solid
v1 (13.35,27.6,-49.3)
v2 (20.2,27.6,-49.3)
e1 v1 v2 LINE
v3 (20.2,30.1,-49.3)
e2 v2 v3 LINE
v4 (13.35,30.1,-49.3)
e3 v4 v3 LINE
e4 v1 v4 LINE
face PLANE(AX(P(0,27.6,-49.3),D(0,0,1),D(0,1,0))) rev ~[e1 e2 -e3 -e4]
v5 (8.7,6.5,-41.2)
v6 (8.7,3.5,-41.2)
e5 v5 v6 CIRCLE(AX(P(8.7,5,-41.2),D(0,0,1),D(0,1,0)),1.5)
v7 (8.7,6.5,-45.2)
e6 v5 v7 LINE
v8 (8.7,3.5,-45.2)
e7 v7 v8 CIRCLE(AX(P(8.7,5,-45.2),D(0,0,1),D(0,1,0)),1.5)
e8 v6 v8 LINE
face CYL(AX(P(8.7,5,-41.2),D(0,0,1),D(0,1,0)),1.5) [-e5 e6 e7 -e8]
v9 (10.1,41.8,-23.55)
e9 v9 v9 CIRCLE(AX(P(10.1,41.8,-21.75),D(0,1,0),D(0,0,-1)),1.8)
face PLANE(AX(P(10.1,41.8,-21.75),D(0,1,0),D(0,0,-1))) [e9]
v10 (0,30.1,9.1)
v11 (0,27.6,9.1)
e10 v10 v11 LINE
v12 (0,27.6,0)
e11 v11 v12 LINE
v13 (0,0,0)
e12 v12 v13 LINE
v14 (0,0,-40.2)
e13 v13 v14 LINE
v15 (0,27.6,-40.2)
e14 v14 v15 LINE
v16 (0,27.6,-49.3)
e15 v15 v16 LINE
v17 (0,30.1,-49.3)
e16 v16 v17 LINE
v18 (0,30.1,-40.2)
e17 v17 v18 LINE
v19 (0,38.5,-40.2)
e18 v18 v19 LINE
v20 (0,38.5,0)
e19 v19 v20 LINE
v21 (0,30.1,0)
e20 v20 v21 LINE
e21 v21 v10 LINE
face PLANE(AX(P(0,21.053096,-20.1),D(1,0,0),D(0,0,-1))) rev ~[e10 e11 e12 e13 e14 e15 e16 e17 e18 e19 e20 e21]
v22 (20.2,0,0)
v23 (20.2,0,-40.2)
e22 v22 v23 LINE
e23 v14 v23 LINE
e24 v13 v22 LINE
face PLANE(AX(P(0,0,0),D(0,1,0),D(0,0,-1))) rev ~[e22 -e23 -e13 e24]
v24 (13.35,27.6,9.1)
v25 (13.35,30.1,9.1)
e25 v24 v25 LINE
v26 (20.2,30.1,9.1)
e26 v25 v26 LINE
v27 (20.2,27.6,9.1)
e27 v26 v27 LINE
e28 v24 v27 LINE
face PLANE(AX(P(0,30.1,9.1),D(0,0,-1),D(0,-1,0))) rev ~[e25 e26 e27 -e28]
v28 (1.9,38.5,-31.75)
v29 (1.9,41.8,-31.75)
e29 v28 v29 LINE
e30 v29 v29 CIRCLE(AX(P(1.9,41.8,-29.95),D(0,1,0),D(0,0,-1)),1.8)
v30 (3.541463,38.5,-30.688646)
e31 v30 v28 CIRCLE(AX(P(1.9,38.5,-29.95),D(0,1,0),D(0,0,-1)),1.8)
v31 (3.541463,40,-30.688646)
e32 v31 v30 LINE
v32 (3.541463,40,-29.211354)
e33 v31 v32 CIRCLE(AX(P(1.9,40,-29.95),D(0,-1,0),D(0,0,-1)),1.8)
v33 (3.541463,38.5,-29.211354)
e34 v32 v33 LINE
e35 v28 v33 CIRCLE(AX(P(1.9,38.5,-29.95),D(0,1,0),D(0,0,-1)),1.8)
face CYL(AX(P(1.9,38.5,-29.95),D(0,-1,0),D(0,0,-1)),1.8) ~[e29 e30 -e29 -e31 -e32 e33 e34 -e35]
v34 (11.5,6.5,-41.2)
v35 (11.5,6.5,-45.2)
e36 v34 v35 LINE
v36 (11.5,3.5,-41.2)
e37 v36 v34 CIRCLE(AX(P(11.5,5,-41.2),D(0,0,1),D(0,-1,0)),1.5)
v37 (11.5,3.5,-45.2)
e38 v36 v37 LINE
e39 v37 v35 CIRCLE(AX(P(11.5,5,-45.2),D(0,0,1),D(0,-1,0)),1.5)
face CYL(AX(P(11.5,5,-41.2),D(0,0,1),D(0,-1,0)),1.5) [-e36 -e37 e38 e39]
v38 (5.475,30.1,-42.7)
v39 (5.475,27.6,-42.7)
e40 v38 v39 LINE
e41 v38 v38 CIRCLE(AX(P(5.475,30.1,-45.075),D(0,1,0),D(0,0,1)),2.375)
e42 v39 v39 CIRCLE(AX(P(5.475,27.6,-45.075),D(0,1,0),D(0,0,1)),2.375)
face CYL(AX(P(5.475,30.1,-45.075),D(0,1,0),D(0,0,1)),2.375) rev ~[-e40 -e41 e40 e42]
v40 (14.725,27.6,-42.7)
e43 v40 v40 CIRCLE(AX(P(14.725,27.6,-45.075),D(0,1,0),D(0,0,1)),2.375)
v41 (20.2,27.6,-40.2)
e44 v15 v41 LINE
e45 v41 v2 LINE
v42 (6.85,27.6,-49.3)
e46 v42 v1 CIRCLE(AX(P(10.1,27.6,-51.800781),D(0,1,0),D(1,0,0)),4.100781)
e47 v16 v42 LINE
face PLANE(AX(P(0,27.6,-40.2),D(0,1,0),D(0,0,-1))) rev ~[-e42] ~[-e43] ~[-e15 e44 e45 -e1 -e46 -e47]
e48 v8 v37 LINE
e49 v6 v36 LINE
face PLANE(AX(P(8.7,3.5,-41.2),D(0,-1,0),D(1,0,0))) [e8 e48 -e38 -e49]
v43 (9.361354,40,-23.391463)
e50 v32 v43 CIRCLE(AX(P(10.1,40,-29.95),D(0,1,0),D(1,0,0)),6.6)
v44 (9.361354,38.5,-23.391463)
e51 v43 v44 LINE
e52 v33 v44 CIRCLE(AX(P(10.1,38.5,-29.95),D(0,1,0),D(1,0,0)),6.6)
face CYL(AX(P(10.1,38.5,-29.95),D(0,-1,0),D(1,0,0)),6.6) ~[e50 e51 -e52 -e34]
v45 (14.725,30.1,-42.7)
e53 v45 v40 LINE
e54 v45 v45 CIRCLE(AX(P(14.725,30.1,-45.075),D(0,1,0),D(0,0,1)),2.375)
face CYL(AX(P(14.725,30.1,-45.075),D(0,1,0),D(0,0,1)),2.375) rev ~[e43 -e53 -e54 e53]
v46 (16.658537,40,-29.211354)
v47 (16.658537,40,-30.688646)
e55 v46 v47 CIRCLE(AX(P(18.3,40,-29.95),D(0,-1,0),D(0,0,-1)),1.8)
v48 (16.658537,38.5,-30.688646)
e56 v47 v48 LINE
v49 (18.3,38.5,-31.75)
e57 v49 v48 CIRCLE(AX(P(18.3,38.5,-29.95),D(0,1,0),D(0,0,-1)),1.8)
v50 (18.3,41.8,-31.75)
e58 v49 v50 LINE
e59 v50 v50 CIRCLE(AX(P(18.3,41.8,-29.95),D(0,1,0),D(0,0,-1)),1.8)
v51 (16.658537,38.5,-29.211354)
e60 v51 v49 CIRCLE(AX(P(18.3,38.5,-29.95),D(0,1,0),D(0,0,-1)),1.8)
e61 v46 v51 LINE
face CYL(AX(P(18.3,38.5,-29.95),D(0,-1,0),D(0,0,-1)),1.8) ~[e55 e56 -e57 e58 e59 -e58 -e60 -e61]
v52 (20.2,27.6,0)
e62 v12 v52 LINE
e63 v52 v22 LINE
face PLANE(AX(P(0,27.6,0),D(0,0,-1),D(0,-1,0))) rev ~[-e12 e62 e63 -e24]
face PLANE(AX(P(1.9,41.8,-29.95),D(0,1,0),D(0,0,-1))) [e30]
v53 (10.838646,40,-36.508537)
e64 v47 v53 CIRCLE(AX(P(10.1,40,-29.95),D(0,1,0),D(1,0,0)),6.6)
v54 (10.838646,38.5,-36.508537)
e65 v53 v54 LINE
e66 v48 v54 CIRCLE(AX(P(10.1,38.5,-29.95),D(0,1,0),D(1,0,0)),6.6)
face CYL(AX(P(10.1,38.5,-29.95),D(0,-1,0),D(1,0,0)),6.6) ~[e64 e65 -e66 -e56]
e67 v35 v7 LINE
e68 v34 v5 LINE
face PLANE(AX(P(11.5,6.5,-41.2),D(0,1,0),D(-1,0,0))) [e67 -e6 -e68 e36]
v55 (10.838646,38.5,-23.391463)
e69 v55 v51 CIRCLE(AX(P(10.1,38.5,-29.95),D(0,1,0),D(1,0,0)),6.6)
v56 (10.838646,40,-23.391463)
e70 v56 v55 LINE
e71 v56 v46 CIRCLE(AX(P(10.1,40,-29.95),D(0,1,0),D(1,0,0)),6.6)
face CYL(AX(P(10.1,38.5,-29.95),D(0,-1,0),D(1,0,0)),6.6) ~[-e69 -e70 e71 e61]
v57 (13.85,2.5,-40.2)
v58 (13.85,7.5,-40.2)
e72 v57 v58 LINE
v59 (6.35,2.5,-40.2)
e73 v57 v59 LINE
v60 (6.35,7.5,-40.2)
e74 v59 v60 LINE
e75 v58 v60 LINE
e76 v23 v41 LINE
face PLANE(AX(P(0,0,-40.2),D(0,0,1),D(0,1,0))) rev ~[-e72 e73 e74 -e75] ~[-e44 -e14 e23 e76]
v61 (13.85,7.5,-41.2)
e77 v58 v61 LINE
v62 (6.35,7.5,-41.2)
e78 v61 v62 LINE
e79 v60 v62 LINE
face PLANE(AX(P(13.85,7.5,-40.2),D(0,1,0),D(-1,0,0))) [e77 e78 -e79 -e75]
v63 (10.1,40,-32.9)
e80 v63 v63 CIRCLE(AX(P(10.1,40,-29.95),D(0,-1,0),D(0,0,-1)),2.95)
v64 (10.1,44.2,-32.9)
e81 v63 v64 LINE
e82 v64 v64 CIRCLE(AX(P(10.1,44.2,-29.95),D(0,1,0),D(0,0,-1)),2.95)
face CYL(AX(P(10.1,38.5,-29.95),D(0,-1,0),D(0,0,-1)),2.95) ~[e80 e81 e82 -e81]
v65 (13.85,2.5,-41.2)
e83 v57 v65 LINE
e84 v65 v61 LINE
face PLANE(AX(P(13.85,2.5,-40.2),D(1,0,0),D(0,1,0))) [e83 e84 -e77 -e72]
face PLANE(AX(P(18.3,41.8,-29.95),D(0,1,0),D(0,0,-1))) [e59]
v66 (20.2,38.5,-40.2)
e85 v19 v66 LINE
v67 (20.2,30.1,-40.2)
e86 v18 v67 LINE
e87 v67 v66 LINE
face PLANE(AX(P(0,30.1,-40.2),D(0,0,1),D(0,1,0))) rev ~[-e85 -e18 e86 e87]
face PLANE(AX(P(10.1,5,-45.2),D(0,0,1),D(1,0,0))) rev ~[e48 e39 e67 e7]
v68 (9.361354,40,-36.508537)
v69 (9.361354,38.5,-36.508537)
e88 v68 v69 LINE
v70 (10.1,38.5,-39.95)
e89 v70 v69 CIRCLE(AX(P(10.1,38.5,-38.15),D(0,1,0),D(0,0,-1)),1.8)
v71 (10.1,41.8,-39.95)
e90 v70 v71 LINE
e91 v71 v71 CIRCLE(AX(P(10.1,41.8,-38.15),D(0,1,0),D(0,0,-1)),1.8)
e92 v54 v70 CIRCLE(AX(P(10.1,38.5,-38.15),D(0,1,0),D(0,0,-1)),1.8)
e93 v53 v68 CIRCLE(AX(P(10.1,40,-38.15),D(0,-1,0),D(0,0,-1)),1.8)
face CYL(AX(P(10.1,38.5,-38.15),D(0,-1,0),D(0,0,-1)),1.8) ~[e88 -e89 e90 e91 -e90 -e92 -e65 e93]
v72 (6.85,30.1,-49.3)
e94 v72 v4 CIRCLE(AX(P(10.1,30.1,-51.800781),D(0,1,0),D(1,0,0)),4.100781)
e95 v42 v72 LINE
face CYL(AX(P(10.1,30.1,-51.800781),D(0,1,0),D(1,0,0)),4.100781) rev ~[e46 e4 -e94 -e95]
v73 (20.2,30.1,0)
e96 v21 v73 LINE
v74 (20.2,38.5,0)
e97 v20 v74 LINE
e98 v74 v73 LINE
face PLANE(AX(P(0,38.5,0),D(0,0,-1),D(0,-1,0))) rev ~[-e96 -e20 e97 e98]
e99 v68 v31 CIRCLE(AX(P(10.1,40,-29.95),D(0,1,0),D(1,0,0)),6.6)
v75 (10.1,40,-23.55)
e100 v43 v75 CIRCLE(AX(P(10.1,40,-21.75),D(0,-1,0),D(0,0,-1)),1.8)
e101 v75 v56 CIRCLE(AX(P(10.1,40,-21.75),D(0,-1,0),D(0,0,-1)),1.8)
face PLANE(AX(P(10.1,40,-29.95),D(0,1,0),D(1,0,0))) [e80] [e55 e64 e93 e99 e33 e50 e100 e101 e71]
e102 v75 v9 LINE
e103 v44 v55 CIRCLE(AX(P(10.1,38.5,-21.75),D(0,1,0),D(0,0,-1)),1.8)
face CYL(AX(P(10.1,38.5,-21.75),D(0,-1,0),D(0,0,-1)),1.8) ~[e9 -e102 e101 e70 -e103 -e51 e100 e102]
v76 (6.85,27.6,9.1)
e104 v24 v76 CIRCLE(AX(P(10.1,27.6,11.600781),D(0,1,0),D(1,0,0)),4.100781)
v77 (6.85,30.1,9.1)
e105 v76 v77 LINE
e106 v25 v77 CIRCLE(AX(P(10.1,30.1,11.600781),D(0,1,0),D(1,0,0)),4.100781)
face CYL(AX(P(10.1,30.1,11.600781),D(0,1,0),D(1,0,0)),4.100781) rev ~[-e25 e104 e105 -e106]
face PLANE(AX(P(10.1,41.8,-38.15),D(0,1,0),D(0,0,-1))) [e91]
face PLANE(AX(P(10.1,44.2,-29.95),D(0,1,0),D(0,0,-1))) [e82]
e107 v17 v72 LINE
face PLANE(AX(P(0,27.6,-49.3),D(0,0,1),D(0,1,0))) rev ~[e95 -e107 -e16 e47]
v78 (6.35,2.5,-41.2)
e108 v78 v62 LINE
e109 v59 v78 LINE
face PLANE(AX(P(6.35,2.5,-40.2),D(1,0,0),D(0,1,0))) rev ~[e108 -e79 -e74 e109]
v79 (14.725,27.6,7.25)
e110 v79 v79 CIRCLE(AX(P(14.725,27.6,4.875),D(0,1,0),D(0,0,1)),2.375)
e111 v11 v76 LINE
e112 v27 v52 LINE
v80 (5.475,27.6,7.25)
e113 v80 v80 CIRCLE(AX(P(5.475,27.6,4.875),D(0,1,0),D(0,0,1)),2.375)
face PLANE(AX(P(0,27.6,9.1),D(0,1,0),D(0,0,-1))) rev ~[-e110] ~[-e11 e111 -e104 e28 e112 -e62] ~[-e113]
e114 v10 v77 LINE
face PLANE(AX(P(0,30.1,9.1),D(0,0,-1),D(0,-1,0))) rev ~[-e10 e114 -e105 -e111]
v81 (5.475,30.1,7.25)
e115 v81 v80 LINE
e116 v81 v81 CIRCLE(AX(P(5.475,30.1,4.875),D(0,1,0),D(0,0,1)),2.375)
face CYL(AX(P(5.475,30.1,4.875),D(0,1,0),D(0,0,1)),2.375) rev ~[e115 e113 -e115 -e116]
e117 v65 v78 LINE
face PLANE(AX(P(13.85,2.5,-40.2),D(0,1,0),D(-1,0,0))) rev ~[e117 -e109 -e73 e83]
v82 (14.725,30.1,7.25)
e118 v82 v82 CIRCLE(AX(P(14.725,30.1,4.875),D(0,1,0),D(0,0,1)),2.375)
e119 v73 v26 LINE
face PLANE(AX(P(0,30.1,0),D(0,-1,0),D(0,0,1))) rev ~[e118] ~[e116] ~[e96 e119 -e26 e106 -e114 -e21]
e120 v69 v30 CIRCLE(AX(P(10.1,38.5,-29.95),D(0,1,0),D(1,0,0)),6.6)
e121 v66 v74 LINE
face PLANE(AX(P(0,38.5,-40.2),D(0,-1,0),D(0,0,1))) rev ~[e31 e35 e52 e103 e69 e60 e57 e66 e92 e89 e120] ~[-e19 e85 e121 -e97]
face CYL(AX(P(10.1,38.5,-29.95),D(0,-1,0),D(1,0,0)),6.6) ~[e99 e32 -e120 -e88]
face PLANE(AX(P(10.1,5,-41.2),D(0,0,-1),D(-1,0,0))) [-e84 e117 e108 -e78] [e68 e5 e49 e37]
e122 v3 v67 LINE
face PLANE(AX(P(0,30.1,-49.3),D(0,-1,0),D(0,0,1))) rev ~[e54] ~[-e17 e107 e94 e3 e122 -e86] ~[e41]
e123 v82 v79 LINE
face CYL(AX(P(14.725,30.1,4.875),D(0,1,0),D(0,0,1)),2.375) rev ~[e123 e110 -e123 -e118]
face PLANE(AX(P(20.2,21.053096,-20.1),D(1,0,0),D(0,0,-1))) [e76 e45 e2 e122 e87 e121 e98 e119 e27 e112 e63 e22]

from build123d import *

# Parameters (mm, degrees)
BOSS_EXTRU_1_DEPTH      = 20.2
ESQUISSE2_R             = 4.10078125
ESQUISSE2_R_2           = 2.375
ENL_V_MAT_EXTRU_1_DEPTH = 62.192646617
ESQUISSE3_R             = 2.95
BOSS_EXTRU_2_DEPTH      = 5.7
ESQUISSE4_R             = 1.8
BOSS_EXTRU_3_DEPTH      = 3.3
ESQUISSE5_R             = 6.6
BOSS_EXTRU_4_DEPTH      = 1.5
ESQUISSE6_W             = 7.5
ESQUISSE6_H             = 5
BOSS_EXTRU_5_DEPTH      = 1
BOSS_EXTRU_6_DEPTH      = 4


with BuildPart() as part:
    # Esquisse1 → Boss.-Extru.1 (new body)
    with BuildSketch(Plane(origin=(0, 0, 0), x_dir=(0, 0, -1), z_dir=(1, 0, 0))):
        Polygon((0, 0), (40.2, 0), (40.2, 27.6), (49.3, 27.6), (49.3, 30.1), (40.2, 30.1), (40.2, 38.5), (0, 38.5), (0, 30.1), (-9.1, 30.1), (-9.1, 27.6), (0, 27.6), align=None)
    extrude(amount=BOSS_EXTRU_1_DEPTH)

    # Esquisse2 → Enlèv. mat.-Extru.1 (cut, through all)
    with BuildSketch(Plane(origin=(0, 30.1, 0), x_dir=(1, 0, 0), z_dir=(0, 1, 0))):
        with Locations((10.1, 51.80078125)):
            Circle(ESQUISSE2_R)
        with Locations(Location((5.475, 45.075, 0), (0, 0, 270))):
            Circle(ESQUISSE2_R_2)
        with Locations(Location((14.725, 45.075, 0), (0, 0, 270))):
            Circle(ESQUISSE2_R_2)
        with Locations(Location((14.725, -4.875, 0), (0, 0, 270))):
            Circle(ESQUISSE2_R_2)
        with Locations(Location((5.475, -4.875, 0), (0, 0, 270))):
            Circle(ESQUISSE2_R_2)
        with Locations((10.1, -11.60078125)):
            Circle(ESQUISSE2_R)
    extrude(amount=-ENL_V_MAT_EXTRU_1_DEPTH, mode=Mode.SUBTRACT)

    # Esquisse3 → Boss.-Extru.2 (add)
    with BuildSketch(Plane(origin=(0, 38.5, 0), x_dir=(1, 0, 0), z_dir=(0, 1, 0))):
        with Locations(Location((10.1, 29.95, 0), (0, 0, 90))):
            Circle(ESQUISSE3_R)
    extrude(amount=BOSS_EXTRU_2_DEPTH)

    # Esquisse4 → Boss.-Extru.3 (add)
    with BuildSketch(Plane(origin=(0, 38.5, 0), x_dir=(1, 0, 0), z_dir=(0, 1, 0))):
        with Locations(Location((1.9, 29.95, 0), (0, 0, 90))):
            Circle(ESQUISSE4_R)
        with Locations(Location((10.1, 38.15, 0), (0, 0, 90))):
            Circle(ESQUISSE4_R)
        with Locations(Location((18.3, 29.95, 0), (0, 0, 90))):
            Circle(ESQUISSE4_R)
        with Locations(Location((10.1, 21.75, 0), (0, 0, 90))):
            Circle(ESQUISSE4_R)
    extrude(amount=BOSS_EXTRU_3_DEPTH)

    # Esquisse5 → Boss.-Extru.4 (add)
    with BuildSketch(Plane(origin=(0, 38.5, 0), x_dir=(1, 0, 0), z_dir=(0, 1, 0))):
        with Locations((10.1, 29.95)):
            Circle(ESQUISSE5_R)
    extrude(amount=BOSS_EXTRU_4_DEPTH)

    # Esquisse6 → Boss.-Extru.5 (add)
    with BuildSketch(Plane(origin=(0, 0, -40.2), x_dir=(-1, 0, 0), z_dir=(0, 0, -1))):
        with Locations((-10.1, 5)):
            Rectangle(ESQUISSE6_W, ESQUISSE6_H)
    extrude(amount=BOSS_EXTRU_5_DEPTH)

    # Esquisse7 → Boss.-Extru.6 (add)
    with BuildSketch(Plane(origin=(0, 0, -41.2), x_dir=(-1, 0, 0), z_dir=(0, 0, -1))):
        with BuildLine():
            Line((-11.5, 6.5), (-8.7, 6.5))
            ThreePointArc((-8.7, 6.5), (-7.2, 5), (-8.7, 3.5))
            Line((-8.7, 3.5), (-11.5, 3.5))
            ThreePointArc((-11.5, 3.5), (-13, 5), (-11.5, 6.5))
        make_face()
    extrude(amount=BOSS_EXTRU_6_DEPTH)


solid = part.part
